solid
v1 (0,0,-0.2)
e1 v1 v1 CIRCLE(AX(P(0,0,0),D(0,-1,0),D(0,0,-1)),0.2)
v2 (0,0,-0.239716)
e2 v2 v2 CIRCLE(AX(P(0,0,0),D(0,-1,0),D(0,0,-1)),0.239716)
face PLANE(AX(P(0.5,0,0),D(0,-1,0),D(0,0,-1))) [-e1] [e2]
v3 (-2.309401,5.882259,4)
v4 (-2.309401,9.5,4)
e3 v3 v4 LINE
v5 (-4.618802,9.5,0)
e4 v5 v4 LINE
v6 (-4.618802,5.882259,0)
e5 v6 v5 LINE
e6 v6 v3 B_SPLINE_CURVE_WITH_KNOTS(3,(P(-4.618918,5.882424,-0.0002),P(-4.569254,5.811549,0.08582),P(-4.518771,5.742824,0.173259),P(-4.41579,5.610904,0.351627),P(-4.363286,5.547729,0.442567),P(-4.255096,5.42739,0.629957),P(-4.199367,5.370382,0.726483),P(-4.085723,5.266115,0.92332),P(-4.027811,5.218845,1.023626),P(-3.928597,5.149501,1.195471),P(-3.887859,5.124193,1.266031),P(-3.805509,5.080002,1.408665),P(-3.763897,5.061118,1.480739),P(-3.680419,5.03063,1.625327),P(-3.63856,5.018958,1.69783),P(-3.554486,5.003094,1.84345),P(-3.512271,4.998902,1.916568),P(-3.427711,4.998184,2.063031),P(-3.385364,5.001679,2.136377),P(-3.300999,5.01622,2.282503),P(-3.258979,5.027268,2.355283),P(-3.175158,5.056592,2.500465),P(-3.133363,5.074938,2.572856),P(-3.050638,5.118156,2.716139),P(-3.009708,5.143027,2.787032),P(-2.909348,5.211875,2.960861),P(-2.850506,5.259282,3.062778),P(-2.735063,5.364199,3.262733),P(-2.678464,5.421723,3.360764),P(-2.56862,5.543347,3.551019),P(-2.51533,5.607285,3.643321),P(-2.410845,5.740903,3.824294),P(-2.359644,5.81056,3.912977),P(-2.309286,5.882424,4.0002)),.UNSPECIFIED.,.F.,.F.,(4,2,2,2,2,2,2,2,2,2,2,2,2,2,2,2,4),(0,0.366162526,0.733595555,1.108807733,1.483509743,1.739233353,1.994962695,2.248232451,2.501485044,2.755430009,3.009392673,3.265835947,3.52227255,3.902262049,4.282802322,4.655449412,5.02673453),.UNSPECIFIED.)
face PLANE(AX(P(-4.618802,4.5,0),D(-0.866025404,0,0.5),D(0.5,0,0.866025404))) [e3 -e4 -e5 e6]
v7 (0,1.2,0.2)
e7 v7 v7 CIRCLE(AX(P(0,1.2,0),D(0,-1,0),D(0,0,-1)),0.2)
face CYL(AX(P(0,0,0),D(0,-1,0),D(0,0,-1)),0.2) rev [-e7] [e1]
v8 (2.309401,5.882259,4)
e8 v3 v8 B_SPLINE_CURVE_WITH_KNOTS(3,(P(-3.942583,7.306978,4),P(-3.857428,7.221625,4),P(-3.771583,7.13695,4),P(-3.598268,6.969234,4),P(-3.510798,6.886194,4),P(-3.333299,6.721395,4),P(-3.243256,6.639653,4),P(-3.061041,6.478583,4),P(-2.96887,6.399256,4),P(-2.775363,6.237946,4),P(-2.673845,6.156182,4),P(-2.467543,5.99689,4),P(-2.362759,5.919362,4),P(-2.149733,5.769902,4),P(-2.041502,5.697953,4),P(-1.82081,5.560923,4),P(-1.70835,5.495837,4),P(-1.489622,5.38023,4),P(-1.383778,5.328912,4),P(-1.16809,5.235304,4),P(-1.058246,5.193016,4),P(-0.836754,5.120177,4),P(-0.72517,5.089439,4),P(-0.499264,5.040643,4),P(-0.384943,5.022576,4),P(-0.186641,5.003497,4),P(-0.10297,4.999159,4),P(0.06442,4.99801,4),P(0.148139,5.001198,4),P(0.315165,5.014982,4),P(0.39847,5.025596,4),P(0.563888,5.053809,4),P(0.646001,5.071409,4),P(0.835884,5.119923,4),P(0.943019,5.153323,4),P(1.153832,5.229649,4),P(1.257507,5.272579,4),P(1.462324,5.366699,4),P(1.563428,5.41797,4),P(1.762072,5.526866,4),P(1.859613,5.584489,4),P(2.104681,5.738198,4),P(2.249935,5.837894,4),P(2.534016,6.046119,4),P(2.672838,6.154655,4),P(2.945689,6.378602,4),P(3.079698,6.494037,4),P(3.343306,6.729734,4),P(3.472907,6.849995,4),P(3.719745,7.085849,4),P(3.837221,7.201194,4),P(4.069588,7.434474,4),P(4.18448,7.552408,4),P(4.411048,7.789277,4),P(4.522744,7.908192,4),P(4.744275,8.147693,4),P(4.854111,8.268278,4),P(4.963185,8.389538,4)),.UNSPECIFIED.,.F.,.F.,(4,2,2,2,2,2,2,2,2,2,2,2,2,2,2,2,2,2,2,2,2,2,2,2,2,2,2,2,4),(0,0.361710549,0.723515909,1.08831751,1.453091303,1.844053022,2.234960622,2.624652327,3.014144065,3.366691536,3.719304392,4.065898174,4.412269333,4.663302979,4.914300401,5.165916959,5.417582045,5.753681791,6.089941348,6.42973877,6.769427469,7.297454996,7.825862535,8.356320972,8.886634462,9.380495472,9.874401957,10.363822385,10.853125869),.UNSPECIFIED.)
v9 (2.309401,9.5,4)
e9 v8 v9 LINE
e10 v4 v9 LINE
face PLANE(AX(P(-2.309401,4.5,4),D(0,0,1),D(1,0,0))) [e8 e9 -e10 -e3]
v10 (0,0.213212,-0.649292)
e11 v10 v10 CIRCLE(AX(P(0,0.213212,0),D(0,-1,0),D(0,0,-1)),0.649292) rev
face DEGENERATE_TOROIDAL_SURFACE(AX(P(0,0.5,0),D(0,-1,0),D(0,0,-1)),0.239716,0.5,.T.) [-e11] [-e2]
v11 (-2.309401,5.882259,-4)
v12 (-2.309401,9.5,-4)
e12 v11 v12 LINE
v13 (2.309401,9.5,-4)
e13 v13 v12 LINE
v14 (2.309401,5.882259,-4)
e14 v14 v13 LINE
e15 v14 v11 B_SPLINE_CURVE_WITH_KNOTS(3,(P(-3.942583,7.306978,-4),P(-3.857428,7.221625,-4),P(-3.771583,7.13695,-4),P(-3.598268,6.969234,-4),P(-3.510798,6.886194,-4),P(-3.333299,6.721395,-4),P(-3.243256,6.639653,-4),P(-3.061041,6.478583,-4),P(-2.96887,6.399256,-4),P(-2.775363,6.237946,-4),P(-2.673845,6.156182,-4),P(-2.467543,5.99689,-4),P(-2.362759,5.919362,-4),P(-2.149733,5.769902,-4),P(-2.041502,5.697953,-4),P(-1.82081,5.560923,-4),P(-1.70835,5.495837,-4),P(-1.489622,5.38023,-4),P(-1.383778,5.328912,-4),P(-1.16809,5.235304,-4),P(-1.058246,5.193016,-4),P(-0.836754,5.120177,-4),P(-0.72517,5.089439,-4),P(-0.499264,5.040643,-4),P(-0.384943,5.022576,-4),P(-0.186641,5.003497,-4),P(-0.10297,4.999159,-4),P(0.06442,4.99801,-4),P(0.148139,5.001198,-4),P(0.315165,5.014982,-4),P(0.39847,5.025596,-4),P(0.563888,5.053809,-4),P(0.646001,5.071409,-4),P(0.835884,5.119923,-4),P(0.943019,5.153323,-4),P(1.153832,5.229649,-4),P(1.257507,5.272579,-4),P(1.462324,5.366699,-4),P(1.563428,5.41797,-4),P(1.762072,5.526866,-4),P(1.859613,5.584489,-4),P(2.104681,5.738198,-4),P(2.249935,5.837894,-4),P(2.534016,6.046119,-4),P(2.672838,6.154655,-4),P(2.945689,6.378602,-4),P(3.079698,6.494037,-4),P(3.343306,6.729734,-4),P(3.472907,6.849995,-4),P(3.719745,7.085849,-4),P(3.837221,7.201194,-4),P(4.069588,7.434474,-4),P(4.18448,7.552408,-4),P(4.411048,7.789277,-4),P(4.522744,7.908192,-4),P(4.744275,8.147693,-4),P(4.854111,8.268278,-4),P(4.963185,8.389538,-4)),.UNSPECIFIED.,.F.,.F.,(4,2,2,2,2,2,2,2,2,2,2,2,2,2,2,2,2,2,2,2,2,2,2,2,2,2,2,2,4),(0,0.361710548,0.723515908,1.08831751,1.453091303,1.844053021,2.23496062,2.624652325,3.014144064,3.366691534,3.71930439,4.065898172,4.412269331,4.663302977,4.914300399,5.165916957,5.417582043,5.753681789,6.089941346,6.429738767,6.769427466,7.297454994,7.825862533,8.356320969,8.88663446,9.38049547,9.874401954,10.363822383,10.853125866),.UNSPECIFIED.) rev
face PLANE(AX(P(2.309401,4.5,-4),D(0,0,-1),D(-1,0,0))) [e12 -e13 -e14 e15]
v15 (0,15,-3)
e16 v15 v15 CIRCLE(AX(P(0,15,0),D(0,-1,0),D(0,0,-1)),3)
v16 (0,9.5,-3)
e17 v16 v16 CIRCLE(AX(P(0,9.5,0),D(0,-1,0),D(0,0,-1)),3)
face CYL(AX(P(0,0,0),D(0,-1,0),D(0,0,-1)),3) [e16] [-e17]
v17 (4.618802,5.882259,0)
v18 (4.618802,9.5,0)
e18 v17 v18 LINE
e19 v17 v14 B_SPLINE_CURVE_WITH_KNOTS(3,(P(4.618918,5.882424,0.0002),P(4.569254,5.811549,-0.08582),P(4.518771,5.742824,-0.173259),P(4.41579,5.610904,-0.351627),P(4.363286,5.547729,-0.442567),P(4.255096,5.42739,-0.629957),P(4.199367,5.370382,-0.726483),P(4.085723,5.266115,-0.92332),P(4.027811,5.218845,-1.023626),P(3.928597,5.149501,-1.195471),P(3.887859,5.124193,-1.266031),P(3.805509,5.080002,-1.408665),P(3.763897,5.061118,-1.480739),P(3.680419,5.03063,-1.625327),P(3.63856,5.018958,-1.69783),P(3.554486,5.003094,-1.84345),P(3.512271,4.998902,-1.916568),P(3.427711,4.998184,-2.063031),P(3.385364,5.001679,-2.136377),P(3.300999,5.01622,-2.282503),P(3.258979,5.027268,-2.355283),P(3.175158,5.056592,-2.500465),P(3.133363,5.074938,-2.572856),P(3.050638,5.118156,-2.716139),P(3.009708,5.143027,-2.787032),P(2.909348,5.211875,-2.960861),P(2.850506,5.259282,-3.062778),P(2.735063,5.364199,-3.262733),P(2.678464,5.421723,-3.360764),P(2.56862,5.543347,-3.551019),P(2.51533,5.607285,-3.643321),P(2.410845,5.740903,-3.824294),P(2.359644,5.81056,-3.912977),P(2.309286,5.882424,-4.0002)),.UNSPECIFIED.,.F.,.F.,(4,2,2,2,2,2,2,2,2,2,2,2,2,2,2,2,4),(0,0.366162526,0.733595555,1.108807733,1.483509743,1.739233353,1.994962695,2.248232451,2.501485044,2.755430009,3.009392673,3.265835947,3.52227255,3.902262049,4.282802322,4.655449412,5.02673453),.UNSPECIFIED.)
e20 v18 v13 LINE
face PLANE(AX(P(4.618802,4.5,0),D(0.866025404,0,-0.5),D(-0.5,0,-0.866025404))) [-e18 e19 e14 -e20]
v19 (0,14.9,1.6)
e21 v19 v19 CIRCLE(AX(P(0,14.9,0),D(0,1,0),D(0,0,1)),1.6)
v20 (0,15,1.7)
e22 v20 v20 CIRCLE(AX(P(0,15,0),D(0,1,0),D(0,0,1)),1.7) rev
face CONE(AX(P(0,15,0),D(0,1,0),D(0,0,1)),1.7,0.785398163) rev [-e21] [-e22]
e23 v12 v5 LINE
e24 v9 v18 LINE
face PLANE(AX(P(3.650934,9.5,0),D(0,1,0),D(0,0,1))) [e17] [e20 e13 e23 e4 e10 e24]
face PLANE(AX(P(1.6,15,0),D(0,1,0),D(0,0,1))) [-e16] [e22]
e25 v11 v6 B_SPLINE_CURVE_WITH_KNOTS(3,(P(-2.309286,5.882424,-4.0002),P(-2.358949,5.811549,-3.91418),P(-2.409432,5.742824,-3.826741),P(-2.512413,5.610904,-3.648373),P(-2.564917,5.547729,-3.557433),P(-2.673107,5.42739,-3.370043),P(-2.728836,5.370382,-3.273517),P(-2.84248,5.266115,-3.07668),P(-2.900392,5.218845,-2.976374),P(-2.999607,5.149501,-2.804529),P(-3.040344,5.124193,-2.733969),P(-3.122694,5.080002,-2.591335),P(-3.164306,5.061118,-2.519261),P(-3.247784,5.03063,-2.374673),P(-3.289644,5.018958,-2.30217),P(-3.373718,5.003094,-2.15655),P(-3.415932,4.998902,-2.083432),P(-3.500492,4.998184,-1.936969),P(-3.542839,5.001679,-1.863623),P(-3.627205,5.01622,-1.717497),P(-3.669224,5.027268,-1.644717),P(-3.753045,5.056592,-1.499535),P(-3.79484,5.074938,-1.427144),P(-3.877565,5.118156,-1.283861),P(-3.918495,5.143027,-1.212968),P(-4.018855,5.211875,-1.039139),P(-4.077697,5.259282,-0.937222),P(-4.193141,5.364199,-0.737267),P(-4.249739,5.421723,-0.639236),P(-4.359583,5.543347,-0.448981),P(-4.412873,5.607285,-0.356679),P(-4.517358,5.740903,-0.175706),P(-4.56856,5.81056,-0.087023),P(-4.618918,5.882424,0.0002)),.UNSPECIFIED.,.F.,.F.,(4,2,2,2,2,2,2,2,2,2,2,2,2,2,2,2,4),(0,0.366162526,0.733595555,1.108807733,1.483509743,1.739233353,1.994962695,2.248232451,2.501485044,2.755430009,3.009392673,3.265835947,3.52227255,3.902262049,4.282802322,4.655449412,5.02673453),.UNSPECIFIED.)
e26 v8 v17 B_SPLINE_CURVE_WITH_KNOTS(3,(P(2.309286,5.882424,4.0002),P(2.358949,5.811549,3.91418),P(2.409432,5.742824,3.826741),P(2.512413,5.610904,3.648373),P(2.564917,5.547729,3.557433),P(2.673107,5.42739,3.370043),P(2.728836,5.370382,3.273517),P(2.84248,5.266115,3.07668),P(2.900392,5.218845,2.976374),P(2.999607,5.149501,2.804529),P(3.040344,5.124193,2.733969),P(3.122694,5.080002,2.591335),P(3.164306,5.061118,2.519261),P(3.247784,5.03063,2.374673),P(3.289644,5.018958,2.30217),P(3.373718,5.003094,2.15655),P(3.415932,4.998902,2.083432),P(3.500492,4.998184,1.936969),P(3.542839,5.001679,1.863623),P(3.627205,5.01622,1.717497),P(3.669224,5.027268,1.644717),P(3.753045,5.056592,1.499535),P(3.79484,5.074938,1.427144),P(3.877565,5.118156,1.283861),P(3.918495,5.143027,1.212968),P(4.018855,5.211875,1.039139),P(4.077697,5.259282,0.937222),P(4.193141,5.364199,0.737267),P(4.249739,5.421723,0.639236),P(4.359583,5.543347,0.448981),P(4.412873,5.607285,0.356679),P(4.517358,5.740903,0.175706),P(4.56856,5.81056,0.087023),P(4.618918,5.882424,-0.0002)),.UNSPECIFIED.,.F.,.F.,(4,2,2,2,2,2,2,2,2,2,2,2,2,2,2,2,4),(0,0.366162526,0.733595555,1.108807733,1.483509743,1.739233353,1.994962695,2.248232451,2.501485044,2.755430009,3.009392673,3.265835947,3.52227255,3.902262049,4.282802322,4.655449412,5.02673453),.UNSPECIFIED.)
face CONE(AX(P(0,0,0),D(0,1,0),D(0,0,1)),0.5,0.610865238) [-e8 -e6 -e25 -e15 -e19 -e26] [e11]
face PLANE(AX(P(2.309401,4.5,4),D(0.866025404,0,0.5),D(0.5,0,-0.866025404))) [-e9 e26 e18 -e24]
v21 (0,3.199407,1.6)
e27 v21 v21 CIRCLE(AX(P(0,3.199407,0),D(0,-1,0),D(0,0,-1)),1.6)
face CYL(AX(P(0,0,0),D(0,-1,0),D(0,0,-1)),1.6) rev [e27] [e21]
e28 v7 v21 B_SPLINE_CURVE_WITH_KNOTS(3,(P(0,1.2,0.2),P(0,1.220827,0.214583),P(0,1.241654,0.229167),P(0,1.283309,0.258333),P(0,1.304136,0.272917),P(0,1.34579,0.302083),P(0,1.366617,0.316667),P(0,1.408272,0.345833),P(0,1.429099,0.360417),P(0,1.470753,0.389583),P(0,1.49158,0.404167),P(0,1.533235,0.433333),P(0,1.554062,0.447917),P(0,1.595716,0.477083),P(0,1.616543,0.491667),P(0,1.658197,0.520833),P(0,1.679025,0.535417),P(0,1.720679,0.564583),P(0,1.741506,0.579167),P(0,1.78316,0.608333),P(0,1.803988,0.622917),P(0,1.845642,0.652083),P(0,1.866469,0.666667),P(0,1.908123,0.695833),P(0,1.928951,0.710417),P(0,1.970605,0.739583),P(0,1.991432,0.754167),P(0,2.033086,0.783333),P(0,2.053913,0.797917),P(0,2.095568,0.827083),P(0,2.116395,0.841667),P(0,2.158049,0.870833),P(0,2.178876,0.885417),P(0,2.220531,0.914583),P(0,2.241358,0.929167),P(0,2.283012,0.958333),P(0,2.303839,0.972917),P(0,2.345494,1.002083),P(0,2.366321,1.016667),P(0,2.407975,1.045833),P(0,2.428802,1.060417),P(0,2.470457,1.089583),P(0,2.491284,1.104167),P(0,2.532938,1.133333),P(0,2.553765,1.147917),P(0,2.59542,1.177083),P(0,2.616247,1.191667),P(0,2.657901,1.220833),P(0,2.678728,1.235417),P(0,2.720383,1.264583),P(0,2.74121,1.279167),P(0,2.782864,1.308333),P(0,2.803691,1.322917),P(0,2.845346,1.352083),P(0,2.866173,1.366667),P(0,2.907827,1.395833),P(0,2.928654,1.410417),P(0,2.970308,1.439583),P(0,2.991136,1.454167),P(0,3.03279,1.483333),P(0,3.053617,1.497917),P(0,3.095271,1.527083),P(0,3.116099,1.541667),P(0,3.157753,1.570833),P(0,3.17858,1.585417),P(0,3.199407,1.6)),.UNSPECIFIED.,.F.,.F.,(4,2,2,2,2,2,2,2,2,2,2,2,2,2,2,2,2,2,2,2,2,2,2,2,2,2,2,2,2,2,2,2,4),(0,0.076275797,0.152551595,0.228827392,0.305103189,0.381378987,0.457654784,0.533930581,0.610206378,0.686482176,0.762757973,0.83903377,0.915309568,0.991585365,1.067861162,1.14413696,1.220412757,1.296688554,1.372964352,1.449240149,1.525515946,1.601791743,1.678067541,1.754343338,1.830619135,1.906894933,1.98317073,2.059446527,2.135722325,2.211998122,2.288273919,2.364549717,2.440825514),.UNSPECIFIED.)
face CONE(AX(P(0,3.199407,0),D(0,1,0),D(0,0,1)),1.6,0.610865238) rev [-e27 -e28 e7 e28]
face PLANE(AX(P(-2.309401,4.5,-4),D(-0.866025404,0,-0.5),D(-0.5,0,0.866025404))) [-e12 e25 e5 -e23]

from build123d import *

# Parameters (mm, degrees)
SALIENTE_EXTRUIR1_START = -5
CROQUIS3_R              = 3.650933922
SALIENTE_EXTRUIR1_DEPTH = 5
REDONDEO1_R             = 0.5
CHAFL_N1_SIZE           = 0.1


with BuildPart() as part:
    # Croquis1 → Revolución1 (revolve)
    with BuildSketch(Plane.XY, mode=Mode.PRIVATE) as revoluci_n1_sk:
        Polygon((0.2, 0), (0.2, 1.2), (1.6, 3.199407209), (1.6, 15), (3, 15), (3, 9.5), (3.650933922, 9.5), (3.650933922, 4.5), (0.5, 0), align=None)
    revolve(revoluci_n1_sk.sketch.rotate(Axis((0, 0, 0), (0, 1, 0)), 90), axis=Axis((0, 0, 0), (0, 1, 0)))

    # Croquis3 → Saliente-Extruir1 (add)
    with BuildSketch(Plane(origin=(0, 9.5, 0), x_dir=(1, 0, 0), z_dir=(0, 1, 0)).offset(SALIENTE_EXTRUIR1_START)):
        Polygon((-2.309401077, -4), (2.309401077, -4), (4.618802154, 0), (2.309401077, 4), (-2.309401077, 4), (-4.618802154, 0), align=None)
        Circle(CROQUIS3_R, mode=Mode.SUBTRACT)
    extrude(amount=SALIENTE_EXTRUIR1_DEPTH)

    # Redondeo1
    redondeo1_edges = [part.edges().sort_by_distance(p)[0] for p in [
        (0, 0, 0.5),
    ]]
    fillet(redondeo1_edges, radius=REDONDEO1_R)

    # Chaflán1
    chafl_n1_edges = [part.edges().sort_by_distance(p)[0] for p in [
        (0, 15, 1.6),
    ]]
    chamfer(chafl_n1_edges, length=CHAFL_N1_SIZE)

    # Croquis5 → Cortar-Revolución1 (revolve, cut)
    with BuildSketch(Plane.XY, mode=Mode.PRIVATE) as cortar_revoluci_n1_sk:
        Polygon((3.650933922, 4.5), (4.618802154, 5.882259086), (4.618802154, 4.5), align=None)
    revolve(cortar_revoluci_n1_sk.sketch.rotate(Axis((0, 15, 0), (0, -1, 0)), 90), axis=Axis((0, 15, 0), (0, -1, 0)), mode=Mode.SUBTRACT)


solid = part.part
